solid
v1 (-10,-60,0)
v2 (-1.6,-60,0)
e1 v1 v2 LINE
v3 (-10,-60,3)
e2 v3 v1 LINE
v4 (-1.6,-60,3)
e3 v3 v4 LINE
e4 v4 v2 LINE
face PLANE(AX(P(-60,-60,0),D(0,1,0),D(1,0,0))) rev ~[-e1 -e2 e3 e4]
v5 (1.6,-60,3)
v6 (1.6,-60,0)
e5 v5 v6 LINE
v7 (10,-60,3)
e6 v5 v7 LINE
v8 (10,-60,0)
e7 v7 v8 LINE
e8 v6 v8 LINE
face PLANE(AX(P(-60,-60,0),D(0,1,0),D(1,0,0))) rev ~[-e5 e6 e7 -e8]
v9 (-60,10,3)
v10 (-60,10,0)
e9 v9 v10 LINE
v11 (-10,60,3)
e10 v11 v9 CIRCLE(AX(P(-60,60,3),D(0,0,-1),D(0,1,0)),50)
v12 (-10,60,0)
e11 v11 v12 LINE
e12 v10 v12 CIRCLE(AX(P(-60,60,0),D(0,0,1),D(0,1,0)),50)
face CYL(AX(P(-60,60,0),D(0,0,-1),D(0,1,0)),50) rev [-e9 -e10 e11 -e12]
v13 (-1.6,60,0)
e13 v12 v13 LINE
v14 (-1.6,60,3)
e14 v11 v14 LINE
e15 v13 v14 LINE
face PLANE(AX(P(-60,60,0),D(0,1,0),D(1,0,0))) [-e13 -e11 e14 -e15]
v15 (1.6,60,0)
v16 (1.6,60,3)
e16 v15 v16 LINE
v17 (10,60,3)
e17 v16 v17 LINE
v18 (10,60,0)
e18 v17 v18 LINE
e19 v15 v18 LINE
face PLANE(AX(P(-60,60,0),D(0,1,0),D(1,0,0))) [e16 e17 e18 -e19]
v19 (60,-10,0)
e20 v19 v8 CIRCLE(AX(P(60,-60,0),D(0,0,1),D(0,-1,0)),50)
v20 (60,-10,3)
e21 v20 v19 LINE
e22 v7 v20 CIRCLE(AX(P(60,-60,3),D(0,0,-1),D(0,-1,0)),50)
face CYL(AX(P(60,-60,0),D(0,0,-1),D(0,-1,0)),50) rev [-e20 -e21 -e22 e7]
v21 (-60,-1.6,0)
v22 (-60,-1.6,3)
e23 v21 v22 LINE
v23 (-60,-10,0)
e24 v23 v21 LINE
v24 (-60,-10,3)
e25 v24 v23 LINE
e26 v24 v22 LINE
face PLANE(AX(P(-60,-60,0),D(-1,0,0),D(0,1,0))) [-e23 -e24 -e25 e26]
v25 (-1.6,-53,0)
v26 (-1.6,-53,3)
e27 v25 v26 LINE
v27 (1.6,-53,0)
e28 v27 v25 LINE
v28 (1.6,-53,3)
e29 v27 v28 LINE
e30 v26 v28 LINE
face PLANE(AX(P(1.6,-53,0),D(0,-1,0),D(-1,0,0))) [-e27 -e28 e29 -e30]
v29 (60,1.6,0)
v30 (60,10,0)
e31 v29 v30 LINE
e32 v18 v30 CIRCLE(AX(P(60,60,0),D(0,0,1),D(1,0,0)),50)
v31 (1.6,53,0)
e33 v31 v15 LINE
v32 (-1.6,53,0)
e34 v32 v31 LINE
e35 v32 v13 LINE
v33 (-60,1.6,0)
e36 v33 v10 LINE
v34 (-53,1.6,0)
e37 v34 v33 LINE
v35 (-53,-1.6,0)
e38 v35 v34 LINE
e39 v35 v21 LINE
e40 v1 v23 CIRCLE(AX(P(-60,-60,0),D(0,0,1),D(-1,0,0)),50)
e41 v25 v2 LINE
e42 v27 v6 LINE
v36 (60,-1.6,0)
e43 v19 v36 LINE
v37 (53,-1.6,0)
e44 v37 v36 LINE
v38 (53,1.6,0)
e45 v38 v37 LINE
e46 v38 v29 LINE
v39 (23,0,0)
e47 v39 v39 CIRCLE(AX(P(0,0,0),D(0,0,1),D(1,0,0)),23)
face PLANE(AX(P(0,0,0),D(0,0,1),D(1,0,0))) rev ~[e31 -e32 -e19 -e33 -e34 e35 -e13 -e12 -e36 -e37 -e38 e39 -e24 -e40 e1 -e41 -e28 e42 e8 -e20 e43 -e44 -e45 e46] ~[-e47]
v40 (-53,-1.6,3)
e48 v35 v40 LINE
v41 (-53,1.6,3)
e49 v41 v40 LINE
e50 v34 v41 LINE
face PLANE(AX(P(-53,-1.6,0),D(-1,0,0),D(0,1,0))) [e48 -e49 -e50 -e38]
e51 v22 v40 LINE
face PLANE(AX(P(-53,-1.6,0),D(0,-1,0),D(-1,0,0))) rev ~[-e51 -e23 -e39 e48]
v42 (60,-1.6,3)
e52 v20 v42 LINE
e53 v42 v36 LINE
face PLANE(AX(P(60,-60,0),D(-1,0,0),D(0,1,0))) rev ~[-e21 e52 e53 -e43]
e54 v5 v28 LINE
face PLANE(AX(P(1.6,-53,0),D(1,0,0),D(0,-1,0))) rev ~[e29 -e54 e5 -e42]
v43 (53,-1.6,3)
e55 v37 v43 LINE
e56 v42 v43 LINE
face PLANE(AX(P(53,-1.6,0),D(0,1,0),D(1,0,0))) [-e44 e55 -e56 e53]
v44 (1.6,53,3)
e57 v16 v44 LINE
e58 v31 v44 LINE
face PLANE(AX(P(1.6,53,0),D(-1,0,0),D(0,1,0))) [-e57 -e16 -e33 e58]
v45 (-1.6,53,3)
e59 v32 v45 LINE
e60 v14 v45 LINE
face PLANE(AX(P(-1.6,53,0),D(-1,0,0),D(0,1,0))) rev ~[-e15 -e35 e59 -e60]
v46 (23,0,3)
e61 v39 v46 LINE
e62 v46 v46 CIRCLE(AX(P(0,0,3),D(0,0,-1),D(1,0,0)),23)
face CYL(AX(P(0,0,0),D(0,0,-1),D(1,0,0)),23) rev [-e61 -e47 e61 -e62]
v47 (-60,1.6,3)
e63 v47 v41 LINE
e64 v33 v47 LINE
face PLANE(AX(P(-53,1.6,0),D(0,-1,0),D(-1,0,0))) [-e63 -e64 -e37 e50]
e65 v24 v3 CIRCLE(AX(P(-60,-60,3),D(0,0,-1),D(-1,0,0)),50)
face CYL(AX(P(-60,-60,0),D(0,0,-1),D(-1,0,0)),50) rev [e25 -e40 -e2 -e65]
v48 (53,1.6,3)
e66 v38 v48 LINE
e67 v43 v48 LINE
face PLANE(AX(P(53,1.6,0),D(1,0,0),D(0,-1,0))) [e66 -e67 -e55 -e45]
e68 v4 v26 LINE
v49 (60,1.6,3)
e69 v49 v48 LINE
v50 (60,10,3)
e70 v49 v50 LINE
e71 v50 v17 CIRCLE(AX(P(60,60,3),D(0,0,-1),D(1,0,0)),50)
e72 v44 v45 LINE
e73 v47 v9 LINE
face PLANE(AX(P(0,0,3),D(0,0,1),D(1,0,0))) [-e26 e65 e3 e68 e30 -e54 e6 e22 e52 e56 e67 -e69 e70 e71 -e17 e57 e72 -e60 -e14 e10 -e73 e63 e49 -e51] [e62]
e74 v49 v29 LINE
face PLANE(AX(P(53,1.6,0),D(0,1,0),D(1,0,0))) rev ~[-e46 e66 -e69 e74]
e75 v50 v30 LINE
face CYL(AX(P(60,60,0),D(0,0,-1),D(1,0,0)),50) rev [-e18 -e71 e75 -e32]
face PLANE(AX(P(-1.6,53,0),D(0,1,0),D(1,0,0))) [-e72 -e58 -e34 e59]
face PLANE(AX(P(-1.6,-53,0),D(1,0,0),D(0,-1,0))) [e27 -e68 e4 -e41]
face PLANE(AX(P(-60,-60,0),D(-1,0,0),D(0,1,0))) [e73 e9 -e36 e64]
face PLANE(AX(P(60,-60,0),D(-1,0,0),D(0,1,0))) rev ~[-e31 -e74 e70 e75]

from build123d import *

# Parameters (mm, degrees)
BOX001_W          = 3.2
BOX001_H          = 8
BOX001_DEPTH      = 10
ARRAY001_COUNT    = 4
CYLINDER001_R     = 50
CYLINDER001_DEPTH = 10
ARRAY_COUNT       = 4
CYLINDER_R        = 23
CYLINDER_DEPTH    = 10
BOX_W             = 120
BOX_H             = 120
BOX_DEPTH         = 3


with BuildPart() as array001:
    # Box001 → Box001 (new body)
    with BuildSketch(Plane(origin=(-1.6, 53, 0), x_dir=(1, 0, 0), z_dir=(0, 0, 1))):
        with Locations((1.6, 4)):
            Rectangle(BOX001_W, BOX001_H)
    extrude(amount=BOX001_DEPTH)

    # Array001: Array001 ×4 about axis
    array001_axis = Axis((0, 0, 0), (0, 0, 1))


with BuildPart() as array001_1:
    add(array001.part)
    for i in range(1, ARRAY001_COUNT):
        add(array001.part.rotate(array001_axis, i * 360 / ARRAY001_COUNT))


with BuildPart() as array:
    # Cylinder001 → Cylinder001 (new body)
    with BuildSketch(Plane(origin=(60, 60, 0), x_dir=(1, 0, 0), z_dir=(0, 0, 1))):
        Circle(CYLINDER001_R)
    extrude(amount=CYLINDER001_DEPTH)

    # Array: Array ×4 about axis
    array_axis = Axis((0, 0, 0), (0, 0, 1))


with BuildPart() as array_1:
    add(array.part)
    for i in range(1, ARRAY_COUNT):
        add(array.part.rotate(array_axis, i * 360 / ARRAY_COUNT))


with BuildPart() as cilindro:
    # Cylinder → Cylinder (new body)
    with BuildSketch(Plane(origin=(60, 60, 0), x_dir=(1, 0, 0), z_dir=(0, 0, 1))):
        Circle(CYLINDER_R)
    extrude(amount=CYLINDER_DEPTH)


with BuildPart() as cut002:
    # Box → Box (new body)
    with BuildSketch(Plane.XY):
        with Locations((60, 60)):
            Rectangle(BOX_W, BOX_H)
    extrude(amount=BOX_DEPTH)

    # Cut: cut Cilindro
    add(cilindro.part, mode=Mode.SUBTRACT)


with BuildPart() as cut002_1:
    # Cut placement: moved
    add(cut002.part.moved(Location((-60, -60, 0))))

    # Cut001: cut Array
    add(array_1.part, mode=Mode.SUBTRACT)

    # Cut002: cut Array001
    add(array001_1.part, mode=Mode.SUBTRACT)


solid = cut002_1.part
